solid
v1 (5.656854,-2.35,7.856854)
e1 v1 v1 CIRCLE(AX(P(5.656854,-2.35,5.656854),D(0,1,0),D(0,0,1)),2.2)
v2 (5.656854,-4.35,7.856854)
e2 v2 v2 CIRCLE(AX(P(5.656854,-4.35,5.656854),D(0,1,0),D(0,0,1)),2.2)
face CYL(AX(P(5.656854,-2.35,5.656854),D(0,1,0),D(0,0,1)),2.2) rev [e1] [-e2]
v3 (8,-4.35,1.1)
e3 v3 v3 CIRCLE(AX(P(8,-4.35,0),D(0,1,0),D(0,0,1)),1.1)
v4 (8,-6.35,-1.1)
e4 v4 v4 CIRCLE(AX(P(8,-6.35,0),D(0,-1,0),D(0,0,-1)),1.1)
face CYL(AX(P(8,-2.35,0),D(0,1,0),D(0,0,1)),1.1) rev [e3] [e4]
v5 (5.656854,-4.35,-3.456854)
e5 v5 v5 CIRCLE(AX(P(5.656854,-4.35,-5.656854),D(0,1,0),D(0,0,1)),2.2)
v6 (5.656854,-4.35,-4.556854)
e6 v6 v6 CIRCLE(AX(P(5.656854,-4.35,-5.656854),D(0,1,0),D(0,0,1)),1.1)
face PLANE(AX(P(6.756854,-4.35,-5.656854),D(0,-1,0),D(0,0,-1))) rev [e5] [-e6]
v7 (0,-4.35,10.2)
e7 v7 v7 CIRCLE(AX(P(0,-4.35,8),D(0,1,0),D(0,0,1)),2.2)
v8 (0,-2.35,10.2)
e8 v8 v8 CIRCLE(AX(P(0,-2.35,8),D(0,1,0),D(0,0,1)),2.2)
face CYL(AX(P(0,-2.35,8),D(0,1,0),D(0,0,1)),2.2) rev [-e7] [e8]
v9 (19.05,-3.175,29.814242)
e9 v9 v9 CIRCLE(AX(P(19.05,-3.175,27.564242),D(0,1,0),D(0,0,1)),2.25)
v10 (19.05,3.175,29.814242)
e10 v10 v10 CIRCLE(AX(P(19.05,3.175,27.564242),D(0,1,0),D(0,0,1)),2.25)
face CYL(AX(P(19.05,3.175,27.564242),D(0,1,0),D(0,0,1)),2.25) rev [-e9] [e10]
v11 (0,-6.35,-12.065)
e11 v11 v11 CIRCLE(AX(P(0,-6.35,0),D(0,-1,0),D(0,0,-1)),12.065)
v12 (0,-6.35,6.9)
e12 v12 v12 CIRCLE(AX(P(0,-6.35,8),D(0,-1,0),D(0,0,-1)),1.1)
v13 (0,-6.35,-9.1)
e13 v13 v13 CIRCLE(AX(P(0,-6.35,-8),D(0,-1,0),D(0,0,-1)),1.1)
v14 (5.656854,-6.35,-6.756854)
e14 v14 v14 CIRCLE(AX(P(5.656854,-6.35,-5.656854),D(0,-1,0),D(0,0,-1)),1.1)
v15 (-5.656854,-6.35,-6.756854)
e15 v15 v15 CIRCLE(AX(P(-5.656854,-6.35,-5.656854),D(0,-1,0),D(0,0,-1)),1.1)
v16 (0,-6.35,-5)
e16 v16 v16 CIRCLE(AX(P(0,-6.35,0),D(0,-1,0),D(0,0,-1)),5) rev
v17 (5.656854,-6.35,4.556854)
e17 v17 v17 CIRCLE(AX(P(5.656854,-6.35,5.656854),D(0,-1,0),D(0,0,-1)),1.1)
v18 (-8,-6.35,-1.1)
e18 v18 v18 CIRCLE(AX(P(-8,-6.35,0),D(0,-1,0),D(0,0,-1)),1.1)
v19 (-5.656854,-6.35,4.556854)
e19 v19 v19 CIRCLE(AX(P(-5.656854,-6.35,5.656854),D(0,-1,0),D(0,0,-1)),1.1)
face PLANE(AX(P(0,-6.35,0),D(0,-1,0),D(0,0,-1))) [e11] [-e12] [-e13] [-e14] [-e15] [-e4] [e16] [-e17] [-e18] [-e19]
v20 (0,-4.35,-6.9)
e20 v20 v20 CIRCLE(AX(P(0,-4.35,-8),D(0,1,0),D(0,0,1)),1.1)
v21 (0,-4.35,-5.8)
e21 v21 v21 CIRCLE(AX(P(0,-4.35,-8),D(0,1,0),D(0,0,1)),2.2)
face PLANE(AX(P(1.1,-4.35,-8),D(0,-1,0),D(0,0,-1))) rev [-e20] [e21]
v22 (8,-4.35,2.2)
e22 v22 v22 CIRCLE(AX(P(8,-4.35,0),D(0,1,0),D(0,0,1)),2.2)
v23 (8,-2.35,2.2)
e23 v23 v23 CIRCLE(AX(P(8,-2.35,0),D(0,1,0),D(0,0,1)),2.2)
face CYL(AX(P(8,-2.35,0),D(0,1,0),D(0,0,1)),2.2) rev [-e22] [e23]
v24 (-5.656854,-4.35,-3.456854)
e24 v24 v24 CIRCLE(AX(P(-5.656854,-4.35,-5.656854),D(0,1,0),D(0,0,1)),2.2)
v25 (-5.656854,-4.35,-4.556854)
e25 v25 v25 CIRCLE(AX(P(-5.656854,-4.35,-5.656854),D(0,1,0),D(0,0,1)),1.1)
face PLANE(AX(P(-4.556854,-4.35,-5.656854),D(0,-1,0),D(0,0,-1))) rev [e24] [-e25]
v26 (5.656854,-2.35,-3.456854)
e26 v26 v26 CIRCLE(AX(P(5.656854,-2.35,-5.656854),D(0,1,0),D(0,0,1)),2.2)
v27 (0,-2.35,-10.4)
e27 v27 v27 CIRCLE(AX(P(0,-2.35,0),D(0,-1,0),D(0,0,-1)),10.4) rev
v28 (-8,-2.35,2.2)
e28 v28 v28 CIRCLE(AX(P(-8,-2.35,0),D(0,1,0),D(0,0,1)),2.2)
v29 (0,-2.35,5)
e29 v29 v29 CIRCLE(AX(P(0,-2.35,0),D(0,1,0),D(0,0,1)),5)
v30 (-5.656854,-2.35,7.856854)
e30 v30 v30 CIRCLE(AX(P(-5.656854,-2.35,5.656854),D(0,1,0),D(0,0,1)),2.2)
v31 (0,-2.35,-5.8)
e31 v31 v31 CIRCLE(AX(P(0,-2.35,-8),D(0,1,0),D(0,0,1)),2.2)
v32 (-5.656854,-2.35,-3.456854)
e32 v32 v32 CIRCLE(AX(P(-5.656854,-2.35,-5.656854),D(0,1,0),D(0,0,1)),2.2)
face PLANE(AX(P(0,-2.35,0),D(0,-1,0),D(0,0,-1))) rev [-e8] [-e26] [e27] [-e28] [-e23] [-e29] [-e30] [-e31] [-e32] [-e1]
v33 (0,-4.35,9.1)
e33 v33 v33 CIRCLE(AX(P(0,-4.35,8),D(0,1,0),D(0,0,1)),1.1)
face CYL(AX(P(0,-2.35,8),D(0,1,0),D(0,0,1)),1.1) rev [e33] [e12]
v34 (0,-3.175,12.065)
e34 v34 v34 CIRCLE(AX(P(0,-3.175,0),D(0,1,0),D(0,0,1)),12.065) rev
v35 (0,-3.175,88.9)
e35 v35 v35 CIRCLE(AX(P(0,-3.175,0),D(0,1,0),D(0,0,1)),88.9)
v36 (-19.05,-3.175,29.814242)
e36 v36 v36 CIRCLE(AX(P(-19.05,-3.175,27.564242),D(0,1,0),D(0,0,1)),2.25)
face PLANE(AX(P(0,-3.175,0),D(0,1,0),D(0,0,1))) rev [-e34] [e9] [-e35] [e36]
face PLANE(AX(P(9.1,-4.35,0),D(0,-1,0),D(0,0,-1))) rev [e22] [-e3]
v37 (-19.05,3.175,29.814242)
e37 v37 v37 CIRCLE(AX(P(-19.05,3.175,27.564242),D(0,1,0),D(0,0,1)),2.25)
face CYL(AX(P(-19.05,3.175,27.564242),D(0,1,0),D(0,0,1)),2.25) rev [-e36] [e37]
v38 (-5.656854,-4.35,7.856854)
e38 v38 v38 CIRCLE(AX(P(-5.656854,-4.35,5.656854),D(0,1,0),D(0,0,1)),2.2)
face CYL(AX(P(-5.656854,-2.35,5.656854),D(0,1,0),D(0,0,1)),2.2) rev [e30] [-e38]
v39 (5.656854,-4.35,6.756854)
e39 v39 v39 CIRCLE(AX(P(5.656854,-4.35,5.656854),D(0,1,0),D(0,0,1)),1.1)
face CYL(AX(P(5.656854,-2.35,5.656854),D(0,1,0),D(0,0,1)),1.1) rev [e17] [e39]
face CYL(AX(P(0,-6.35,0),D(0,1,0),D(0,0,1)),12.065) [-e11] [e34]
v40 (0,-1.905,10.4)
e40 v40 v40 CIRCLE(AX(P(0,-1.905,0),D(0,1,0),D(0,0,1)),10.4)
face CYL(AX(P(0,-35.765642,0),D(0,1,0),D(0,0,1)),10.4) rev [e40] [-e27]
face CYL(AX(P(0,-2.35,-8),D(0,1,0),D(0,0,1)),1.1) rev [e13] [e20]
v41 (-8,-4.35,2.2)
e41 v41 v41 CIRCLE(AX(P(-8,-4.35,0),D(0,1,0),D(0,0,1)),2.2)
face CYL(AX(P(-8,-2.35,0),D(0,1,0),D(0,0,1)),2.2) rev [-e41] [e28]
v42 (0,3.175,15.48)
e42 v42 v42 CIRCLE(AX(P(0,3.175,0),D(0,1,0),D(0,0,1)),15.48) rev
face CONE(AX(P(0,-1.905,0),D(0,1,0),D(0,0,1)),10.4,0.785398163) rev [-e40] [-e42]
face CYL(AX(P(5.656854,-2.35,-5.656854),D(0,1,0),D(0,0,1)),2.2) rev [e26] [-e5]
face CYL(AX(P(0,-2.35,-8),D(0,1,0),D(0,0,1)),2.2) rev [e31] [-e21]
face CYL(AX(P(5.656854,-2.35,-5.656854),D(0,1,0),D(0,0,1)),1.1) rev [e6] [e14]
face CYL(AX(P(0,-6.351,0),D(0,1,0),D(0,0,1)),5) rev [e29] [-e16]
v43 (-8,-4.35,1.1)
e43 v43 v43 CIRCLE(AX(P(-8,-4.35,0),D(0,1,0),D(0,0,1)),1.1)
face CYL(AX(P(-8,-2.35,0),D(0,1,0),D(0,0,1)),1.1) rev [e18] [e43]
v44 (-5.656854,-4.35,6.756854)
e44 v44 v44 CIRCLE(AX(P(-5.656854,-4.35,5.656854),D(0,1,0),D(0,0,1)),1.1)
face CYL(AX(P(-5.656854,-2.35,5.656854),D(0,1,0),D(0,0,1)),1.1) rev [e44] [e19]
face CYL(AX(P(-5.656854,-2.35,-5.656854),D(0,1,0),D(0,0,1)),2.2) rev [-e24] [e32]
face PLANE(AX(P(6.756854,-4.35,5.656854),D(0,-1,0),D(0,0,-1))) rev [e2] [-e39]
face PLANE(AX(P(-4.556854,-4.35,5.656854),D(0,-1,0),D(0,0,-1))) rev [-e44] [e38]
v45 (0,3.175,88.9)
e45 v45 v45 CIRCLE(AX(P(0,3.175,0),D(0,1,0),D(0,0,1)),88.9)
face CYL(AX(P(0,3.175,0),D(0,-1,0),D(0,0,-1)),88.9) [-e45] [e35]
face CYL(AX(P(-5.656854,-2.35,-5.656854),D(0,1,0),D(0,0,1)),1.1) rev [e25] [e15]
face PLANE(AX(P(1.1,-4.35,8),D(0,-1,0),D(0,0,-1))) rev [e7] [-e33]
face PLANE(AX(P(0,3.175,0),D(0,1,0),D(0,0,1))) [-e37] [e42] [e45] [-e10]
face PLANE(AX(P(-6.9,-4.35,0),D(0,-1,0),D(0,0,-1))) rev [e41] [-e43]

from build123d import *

# Parameters (mm, degrees)
SKETCH1_R                      = 88.9
BOSS_EXTRUDE1_DEPTH            = 3.175
SKETCH2_R                      = 12.065
BOSS_EXTRUDE2_DEPTH            = 3.175
SKETCH5_R                      = 10.4
CUT_EXTRUDE1_DEPTH             = 5.525
SKETCH6_R                      = 5
CUT_EXTRUDE2_DEPTH             = 4
CBORE_FOR_M2_SHCS1_D           = 2.2
CBORE_FOR_M2_SHCS1_DEPTH       = 6
CBORE_FOR_M2_SHCS1_CBORE_D     = 4.4
CBORE_FOR_M2_SHCS1_CBORE_DEPTH = 2
CBORE_FOR_M2_SHCS1_TIP         = 0.660946681
M4_CLEARANCE_HOLE1_D           = 4.5
CHAMFER1_SIZE                  = 5.08


with BuildPart() as part:
    # Sketch1 → Boss-Extrude1 (new, symmetric)
    with BuildSketch(Plane(origin=(0, 0, 0), x_dir=(1, 0, 0), z_dir=(0, 1, 0))):
        with Locations(Location((0, 0, 0), (0, 0, 270))):
            Circle(SKETCH1_R)
    extrude(amount=BOSS_EXTRUDE1_DEPTH, both=True)

    # Sketch2 → Boss-Extrude2 (add)
    with BuildSketch(Plane.XZ.offset(3.175)):
        with Locations(Location((0, 0, 0), (0, 0, 90))):
            Circle(SKETCH2_R)
    extrude(amount=BOSS_EXTRUDE2_DEPTH)

    # Sketch5 → Cut-Extrude1 (cut)
    with BuildSketch(Plane(origin=(0, 3.175, 0), x_dir=(1, 0, 0), z_dir=(0, 1, 0))):
        with Locations(Location((0, 0, 0), (0, 0, 270))):
            Circle(SKETCH5_R)
    extrude(amount=-CUT_EXTRUDE1_DEPTH, mode=Mode.SUBTRACT)

    # Sketch6 → Cut-Extrude2 (cut)
    with BuildSketch(Plane(origin=(0, -2.35, 0), x_dir=(1, 0, 0), z_dir=(0, 1, 0))):
        with Locations(Location((0, 0, 0), (0, 0, 270))):
            Circle(SKETCH6_R)
    extrude(amount=-CUT_EXTRUDE2_DEPTH, mode=Mode.SUBTRACT)

    # CBORE for M2 SHCS1
    with Locations(Plane(origin=(0, -2.35, 0), x_dir=(1, 0, 0), z_dir=(0, 1, 0))):
        with Locations((-5.65685425, 5.65685425), (0, 8), (5.65685425, 5.65685425), (8, 0), (5.65685425, -5.65685425), (0, -8), (-5.65685425, -5.65685425), (-8, 0)):
            CounterBoreHole(CBORE_FOR_M2_SHCS1_D / 2, CBORE_FOR_M2_SHCS1_CBORE_D / 2, CBORE_FOR_M2_SHCS1_CBORE_DEPTH, depth=CBORE_FOR_M2_SHCS1_DEPTH)
            with Locations((0, 0, -(CBORE_FOR_M2_SHCS1_DEPTH + CBORE_FOR_M2_SHCS1_TIP / 2))):  # 118° drill point
                Cone(0, CBORE_FOR_M2_SHCS1_D / 2, CBORE_FOR_M2_SHCS1_TIP, mode=Mode.SUBTRACT)

    # M4 Clearance Hole1 (through all)
    with Locations(Plane(origin=(0, 3.175, 0), x_dir=(1, 0, 0), z_dir=(0, 1, 0))):
        with Locations((19.05, -27.564242343), (-19.05, -27.564242343)):
            Hole(M4_CLEARANCE_HOLE1_D / 2)

    # Chamfer1
    chamfer1_edges = [part.edges().sort_by_distance(p)[0] for p in [
        (0, 3.175, -10.4),
    ]]
    chamfer(chamfer1_edges, length=CHAMFER1_SIZE)


solid = part.part
